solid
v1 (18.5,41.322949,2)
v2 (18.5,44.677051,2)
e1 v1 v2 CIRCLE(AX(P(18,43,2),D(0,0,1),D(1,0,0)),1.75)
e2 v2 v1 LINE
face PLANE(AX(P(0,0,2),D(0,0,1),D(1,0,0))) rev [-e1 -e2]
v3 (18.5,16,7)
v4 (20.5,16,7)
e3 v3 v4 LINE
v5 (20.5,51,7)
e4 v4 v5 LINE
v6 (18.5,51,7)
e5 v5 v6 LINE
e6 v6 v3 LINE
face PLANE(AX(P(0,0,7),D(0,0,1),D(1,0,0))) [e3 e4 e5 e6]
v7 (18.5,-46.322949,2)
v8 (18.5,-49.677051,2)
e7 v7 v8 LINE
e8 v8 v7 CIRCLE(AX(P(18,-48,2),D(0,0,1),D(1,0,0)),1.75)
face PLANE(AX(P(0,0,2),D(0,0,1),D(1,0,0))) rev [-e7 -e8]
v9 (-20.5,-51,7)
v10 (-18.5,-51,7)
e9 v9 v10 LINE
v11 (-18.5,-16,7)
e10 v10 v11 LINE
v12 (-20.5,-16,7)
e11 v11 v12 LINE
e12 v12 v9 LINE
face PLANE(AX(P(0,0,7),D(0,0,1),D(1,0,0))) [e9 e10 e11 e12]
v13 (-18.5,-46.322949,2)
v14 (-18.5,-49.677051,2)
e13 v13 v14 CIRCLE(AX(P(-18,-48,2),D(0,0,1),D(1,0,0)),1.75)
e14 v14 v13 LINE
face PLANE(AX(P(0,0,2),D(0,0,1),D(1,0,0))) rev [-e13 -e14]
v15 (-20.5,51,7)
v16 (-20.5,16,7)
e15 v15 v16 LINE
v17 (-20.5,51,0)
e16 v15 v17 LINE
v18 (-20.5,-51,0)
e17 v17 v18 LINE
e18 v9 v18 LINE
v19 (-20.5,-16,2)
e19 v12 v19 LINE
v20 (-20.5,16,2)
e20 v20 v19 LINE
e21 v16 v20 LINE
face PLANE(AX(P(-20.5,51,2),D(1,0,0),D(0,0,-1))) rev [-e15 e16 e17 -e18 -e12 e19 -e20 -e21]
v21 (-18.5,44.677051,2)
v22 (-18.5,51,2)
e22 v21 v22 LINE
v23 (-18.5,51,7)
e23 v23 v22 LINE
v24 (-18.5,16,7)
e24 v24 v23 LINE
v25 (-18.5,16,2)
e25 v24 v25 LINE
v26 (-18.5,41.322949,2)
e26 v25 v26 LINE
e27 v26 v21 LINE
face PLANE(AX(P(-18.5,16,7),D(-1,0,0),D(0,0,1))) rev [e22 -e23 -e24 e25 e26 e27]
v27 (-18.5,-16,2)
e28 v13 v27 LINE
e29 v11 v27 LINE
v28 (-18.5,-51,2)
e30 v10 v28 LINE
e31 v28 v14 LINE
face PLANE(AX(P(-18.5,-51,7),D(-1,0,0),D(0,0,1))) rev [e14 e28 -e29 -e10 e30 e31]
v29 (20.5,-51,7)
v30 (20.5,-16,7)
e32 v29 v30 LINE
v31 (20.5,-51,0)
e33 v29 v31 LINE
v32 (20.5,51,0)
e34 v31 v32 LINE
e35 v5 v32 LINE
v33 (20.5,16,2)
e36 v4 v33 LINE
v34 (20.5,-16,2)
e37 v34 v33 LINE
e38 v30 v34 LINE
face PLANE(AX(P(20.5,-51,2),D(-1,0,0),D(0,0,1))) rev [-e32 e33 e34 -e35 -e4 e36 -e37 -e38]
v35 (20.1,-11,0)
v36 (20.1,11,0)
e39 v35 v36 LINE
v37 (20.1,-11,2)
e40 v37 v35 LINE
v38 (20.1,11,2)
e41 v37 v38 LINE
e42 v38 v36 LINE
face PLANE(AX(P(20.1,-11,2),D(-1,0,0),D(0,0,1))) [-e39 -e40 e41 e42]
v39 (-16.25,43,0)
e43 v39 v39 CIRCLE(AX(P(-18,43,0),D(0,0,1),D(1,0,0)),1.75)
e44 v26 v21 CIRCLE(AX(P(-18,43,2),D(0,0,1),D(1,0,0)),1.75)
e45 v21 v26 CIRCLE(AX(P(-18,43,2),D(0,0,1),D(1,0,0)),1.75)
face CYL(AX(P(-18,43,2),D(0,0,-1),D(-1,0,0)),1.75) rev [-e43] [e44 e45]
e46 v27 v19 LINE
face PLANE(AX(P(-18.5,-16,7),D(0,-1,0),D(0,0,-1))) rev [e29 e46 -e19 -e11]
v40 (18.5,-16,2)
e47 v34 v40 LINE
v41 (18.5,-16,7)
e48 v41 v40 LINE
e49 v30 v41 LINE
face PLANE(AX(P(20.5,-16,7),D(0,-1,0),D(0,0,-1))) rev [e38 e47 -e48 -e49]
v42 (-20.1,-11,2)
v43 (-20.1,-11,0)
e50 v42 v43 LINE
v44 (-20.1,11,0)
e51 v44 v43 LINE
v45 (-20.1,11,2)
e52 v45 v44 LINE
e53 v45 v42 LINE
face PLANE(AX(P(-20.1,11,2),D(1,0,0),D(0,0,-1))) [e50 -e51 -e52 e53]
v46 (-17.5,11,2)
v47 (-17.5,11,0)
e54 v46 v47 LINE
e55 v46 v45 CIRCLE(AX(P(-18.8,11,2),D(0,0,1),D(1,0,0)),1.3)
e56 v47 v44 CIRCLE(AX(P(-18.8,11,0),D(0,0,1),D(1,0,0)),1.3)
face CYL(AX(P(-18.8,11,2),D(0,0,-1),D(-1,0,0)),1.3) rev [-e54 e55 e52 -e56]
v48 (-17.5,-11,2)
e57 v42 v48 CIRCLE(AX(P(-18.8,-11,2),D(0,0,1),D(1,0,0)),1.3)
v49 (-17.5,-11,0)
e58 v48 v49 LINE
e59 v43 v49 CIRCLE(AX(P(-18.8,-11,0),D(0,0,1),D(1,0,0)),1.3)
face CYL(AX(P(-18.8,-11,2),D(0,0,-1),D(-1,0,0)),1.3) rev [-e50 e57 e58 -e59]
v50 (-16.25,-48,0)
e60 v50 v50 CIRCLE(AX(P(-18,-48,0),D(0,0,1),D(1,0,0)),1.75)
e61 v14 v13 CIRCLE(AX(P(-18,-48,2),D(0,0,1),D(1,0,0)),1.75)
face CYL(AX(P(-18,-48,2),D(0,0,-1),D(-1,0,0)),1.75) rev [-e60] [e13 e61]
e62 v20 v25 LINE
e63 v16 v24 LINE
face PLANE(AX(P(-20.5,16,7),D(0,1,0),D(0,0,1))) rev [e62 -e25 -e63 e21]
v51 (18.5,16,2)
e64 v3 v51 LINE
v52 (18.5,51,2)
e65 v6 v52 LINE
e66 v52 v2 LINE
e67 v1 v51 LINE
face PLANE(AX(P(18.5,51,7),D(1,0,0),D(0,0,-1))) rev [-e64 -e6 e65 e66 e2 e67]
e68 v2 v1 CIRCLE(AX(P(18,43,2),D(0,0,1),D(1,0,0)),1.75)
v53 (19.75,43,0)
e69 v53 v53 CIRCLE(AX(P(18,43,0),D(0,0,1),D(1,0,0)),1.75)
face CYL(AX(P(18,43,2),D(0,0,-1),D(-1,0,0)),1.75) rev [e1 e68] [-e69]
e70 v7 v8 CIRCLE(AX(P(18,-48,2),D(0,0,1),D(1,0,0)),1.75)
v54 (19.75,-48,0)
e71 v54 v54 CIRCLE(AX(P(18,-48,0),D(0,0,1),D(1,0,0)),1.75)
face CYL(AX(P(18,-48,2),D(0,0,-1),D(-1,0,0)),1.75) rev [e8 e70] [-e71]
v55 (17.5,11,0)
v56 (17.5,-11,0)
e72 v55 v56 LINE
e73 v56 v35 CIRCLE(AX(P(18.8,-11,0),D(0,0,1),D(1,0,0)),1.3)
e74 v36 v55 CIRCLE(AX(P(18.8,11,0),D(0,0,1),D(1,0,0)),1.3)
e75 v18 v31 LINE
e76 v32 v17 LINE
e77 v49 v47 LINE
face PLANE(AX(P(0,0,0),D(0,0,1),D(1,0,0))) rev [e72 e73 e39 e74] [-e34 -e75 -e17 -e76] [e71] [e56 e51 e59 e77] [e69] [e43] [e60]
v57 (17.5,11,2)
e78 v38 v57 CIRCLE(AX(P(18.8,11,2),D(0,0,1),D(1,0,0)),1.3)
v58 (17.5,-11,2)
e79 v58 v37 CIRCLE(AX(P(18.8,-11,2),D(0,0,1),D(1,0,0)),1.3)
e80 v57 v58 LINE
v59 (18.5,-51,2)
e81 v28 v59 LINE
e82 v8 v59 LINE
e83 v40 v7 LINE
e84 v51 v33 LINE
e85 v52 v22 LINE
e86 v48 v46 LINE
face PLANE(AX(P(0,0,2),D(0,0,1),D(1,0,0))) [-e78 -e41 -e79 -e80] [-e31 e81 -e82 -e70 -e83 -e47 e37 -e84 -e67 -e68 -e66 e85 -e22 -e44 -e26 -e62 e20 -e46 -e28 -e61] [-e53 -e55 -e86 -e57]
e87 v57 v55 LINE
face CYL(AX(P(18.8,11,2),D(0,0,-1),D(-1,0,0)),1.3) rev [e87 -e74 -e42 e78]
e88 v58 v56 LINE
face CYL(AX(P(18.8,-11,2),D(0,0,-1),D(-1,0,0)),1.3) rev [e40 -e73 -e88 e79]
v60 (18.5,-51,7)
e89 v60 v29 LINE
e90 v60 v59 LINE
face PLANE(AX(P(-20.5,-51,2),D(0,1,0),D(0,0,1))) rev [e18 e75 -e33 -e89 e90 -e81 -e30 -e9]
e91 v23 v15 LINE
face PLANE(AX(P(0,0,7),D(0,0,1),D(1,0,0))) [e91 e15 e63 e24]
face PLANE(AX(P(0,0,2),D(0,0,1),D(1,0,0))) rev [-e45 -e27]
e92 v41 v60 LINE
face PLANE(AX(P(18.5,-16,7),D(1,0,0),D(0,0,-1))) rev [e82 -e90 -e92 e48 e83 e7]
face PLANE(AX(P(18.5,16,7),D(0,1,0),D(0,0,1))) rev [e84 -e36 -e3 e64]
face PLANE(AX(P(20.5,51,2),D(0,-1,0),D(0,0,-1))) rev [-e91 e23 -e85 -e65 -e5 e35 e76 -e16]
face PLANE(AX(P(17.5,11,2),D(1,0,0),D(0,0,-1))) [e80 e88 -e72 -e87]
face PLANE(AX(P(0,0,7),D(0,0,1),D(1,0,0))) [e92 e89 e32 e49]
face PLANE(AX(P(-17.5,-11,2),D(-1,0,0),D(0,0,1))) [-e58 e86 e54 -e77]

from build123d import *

# Parameters (mm, degrees)
FLOOR_AND_STRAP_GUIDES_PROFILE_W = 41
FLOOR_AND_STRAP_GUIDES_PROFILE_H = 102
FLOOR_AND_STRAP_GUIDES_PROFILE_R = 1.75
FLOOR_AND_STRAP_GUIDES_DEPTH     = 2
INTEGRAL_START                   = 2
INTEGRAL_EDGE_STOPS_PROFILE_W    = 2
INTEGRAL_EDGE_STOPS_PROFILE_H    = 35
INTEGRAL_EDGE_STOPS_DEPTH        = 5


with BuildPart() as part:
    # Floor and strap guides profile → Floor and strap guides (new body)
    with BuildSketch(Plane.XY):
        Rectangle(FLOOR_AND_STRAP_GUIDES_PROFILE_W, FLOOR_AND_STRAP_GUIDES_PROFILE_H)
        with Locations((-18, -48)):
            Circle(FLOOR_AND_STRAP_GUIDES_PROFILE_R, mode=Mode.SUBTRACT)
        with Locations((-18, 43)):
            Circle(FLOOR_AND_STRAP_GUIDES_PROFILE_R, mode=Mode.SUBTRACT)
        with Locations((18, -48)):
            Circle(FLOOR_AND_STRAP_GUIDES_PROFILE_R, mode=Mode.SUBTRACT)
        with Locations((18, 43)):
            Circle(FLOOR_AND_STRAP_GUIDES_PROFILE_R, mode=Mode.SUBTRACT)
        with BuildLine():
            Line((-17.5, -11), (-17.5, 11))
            ThreePointArc((-17.5, 11), (-18.8, 12.3), (-20.1, 11))
            Line((-20.1, 11), (-20.1, -11))
            ThreePointArc((-20.1, -11), (-18.8, -12.3), (-17.5, -11))
        make_face(mode=Mode.SUBTRACT)
        with BuildLine():
            Line((20.1, -11), (20.1, 11))
            ThreePointArc((20.1, 11), (18.8, 12.3), (17.5, 11))
            Line((17.5, 11), (17.5, -11))
            ThreePointArc((17.5, -11), (18.8, -12.3), (20.1, -11))
        make_face(mode=Mode.SUBTRACT)
    extrude(amount=FLOOR_AND_STRAP_GUIDES_DEPTH)

    # Integral edge stops profile → Integral edge stops (add)
    with BuildSketch(Plane.XY.offset(INTEGRAL_START)):
        with Locations((-19.5, -33.5)):
            Rectangle(INTEGRAL_EDGE_STOPS_PROFILE_W, INTEGRAL_EDGE_STOPS_PROFILE_H)
        with Locations((19.5, -33.5)):
            Rectangle(INTEGRAL_EDGE_STOPS_PROFILE_W, INTEGRAL_EDGE_STOPS_PROFILE_H)
        with Locations((-19.5, 33.5)):
            Rectangle(INTEGRAL_EDGE_STOPS_PROFILE_W, INTEGRAL_EDGE_STOPS_PROFILE_H)
        with Locations((19.5, 33.5)):
            Rectangle(INTEGRAL_EDGE_STOPS_PROFILE_W, INTEGRAL_EDGE_STOPS_PROFILE_H)
    extrude(amount=INTEGRAL_EDGE_STOPS_DEPTH)


solid = part.part
